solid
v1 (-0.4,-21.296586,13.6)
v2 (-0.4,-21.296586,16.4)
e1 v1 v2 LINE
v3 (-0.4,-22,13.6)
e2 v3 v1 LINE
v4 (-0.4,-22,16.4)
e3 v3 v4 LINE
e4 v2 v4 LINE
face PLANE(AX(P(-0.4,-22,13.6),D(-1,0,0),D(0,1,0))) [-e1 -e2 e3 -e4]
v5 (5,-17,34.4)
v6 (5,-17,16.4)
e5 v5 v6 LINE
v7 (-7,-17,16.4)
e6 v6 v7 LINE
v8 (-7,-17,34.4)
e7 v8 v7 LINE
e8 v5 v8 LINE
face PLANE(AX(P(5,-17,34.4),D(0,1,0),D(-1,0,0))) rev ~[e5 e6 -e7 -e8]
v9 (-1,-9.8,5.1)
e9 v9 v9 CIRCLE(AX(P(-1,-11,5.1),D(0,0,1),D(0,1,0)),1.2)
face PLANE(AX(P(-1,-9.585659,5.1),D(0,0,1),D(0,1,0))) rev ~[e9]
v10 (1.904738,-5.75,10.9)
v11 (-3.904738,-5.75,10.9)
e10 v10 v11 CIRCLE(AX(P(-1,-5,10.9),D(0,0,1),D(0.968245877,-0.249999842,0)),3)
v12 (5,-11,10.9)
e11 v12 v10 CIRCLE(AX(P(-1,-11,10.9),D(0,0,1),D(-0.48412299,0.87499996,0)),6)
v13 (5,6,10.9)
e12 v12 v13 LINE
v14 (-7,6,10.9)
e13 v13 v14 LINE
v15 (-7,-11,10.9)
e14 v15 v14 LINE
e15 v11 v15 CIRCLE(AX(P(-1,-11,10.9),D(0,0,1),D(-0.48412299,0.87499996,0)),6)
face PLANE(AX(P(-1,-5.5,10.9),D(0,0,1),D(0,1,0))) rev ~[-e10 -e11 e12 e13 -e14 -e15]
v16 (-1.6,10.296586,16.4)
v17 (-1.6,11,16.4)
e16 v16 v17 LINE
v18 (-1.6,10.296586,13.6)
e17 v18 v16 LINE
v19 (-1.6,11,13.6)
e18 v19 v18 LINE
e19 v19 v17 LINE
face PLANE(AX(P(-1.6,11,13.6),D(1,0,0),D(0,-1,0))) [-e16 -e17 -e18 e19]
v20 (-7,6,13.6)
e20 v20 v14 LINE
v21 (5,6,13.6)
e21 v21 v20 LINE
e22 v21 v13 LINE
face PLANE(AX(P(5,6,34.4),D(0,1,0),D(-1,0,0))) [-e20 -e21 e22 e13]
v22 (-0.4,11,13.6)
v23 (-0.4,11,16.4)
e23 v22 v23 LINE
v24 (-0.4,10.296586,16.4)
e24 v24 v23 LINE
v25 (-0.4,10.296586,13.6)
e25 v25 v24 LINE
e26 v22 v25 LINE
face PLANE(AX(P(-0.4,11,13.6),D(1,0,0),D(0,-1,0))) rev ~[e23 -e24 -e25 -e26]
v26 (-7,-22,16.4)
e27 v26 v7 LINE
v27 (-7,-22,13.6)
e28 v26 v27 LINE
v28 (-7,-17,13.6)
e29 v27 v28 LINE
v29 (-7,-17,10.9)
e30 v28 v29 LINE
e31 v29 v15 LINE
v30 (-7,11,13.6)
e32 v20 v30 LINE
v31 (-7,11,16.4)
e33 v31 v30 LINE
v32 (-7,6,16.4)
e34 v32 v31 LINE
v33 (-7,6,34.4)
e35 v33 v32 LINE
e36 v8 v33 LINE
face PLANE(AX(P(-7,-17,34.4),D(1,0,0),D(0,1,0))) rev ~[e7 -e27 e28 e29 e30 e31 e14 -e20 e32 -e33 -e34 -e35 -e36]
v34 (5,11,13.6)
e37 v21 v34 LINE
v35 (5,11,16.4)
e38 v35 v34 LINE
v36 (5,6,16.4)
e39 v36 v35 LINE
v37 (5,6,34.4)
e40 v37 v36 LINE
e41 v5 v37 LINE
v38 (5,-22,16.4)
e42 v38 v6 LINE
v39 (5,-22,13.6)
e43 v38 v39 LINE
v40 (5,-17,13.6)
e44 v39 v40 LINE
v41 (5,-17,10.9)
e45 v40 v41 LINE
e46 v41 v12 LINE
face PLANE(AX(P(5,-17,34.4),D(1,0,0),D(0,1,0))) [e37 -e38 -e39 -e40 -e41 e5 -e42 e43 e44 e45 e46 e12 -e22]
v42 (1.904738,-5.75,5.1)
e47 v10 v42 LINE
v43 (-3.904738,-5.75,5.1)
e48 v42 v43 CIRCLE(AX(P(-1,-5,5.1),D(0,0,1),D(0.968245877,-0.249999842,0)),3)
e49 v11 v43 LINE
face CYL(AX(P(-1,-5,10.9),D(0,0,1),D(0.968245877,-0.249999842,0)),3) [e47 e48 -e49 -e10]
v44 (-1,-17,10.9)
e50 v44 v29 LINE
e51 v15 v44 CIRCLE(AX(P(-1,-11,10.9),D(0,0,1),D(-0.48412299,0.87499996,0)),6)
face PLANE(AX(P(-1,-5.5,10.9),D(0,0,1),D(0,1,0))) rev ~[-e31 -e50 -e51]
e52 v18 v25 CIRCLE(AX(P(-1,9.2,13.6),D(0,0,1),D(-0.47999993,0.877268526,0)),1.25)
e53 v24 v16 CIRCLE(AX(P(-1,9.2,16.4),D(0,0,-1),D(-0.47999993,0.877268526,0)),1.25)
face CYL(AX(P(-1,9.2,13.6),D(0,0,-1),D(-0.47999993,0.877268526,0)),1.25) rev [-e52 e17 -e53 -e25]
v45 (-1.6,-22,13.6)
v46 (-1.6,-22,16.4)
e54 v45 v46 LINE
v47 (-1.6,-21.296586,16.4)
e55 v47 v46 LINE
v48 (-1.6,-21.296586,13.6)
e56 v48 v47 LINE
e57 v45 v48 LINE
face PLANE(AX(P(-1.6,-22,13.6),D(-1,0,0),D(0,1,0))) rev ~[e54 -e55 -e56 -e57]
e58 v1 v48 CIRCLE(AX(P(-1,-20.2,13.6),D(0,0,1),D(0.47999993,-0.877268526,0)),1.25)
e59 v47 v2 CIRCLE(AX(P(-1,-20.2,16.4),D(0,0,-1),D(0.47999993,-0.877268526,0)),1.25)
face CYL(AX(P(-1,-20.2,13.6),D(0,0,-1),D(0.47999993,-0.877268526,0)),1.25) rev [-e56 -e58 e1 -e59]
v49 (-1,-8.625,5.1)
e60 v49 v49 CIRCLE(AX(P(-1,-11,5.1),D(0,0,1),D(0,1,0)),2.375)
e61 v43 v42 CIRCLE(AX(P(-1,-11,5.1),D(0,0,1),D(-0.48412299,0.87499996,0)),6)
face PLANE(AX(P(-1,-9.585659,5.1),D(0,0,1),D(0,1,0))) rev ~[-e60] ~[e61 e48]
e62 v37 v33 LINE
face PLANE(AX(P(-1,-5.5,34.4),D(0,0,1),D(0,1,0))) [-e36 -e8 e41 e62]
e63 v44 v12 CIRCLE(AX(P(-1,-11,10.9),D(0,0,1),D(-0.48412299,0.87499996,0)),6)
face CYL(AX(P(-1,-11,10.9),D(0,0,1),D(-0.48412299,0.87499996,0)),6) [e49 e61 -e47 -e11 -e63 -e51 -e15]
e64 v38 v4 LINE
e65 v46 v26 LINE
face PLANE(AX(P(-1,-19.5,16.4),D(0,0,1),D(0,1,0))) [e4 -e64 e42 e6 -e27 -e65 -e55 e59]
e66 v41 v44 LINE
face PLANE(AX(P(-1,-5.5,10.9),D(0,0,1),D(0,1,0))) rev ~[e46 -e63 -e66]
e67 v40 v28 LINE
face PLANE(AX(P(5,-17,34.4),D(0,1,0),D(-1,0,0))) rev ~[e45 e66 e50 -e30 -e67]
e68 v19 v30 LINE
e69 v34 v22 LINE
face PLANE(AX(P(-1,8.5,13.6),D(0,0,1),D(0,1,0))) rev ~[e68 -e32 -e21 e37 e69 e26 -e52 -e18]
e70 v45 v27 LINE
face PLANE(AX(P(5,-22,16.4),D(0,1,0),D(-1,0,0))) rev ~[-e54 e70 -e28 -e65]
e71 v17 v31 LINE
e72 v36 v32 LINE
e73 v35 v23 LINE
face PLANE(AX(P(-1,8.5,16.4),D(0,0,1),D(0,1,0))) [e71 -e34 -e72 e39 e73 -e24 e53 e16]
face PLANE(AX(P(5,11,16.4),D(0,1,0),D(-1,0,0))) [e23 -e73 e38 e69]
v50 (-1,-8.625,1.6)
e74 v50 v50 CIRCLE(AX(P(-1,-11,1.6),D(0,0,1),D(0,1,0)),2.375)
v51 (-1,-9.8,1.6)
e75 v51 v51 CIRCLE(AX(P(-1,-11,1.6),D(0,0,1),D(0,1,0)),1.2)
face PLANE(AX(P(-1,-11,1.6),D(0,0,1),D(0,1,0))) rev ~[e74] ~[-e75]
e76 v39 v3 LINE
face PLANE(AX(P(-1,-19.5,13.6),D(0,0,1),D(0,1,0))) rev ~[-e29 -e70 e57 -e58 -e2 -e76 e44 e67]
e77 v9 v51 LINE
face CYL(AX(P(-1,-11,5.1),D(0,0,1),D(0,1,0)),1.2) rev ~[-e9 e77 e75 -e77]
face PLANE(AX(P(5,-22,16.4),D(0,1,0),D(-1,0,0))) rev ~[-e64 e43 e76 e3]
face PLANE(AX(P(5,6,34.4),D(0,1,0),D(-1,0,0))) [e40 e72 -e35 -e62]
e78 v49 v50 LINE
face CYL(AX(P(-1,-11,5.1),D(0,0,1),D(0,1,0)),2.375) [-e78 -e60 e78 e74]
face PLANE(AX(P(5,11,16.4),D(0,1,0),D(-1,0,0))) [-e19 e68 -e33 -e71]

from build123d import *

# Parameters (mm, degrees)
SKETCH063_W             = 23
SKETCH063_H             = 12
PAD032_DEPTH            = 23.5
SKETCH064_W             = 5
SKETCH064_H             = 12
PAD033_DEPTH            = 2.8
POCKET026_DEPTH         = 5
PAD034_DEPTH            = 5.8
SKETCH067_R             = 2.375
SKETCH067_R_2           = 1.2
PAD035_DEPTH            = 3.5
BODY010_ROLL_ANGLE      = -90
BODY010_PLACEMENT_ANGLE = 90


with BuildPart() as part:
    # Sketch063 → Pad032 (new body)
    with BuildSketch(Plane.XZ):
        with Locations((11.5, 6)):
            Rectangle(SKETCH063_W, SKETCH063_H)
    extrude(amount=-PAD032_DEPTH)

    # Sketch064 → Pad033 (join)
    with BuildSketch(Plane.XZ.offset(-18)):
        with Locations((-2.5, 6)):
            Rectangle(SKETCH064_W, SKETCH064_H)
        with Locations((25.5, 6)):
            Rectangle(SKETCH064_W, SKETCH064_H)
    extrude(amount=-PAD033_DEPTH)

    # Sketch065 → Pocket026 (cut)
    with BuildSketch(Plane(origin=(-3.2, 20.8, 6), x_dir=(1, 0, 0), z_dir=(0, -1, 0))):
        with BuildLine():
            ThreePointArc((-1.096586, -0.6), (1.25, 0), (-1.096586, 0.6))
            Line((-1.8, 0.6), (-1.096586, 0.6))
            Line((-1.8, 0), (-1.8, 0.6))
            Line((-1.8, 0), (-1.8, -0.6))
            Line((-1.8, -0.6), (-1.096586, -0.6))
        make_face()
        with BuildLine():
            ThreePointArc((30.496586, 0.6), (28.15, 0), (30.496586, -0.6))
            Line((31.2, -0.6), (30.496586, -0.6))
            Line((31.2, 0), (31.2, -0.6))
            Line((31.2, 0), (31.2, 0.6))
            Line((31.2, 0.6), (30.496586, 0.6))
        make_face()
    extrude(amount=POCKET026_DEPTH, mode=Mode.SUBTRACT)

    # Sketch066 → Pad034 (join)
    with BuildSketch(Plane(origin=(6, 23.5, 6), x_dir=(1, 0, 0), z_dir=(0, -1, 0))):
        with BuildLine():
            ThreePointArc((5.25, 2.904738), (-6, 0), (5.25, -2.904738))
            ThreePointArc((5.25, -2.904738), (9, 0), (5.25, 2.904738))
        make_face()
    extrude(amount=-PAD034_DEPTH)

    # Sketch067 → Pad035 (join)
    with BuildSketch(Plane(origin=(6, 29.3, 6), x_dir=(1, 0, 0), z_dir=(0, -1, 0))):
        Circle(SKETCH067_R)
        Circle(SKETCH067_R_2, mode=Mode.SUBTRACT)
    extrude(amount=-PAD035_DEPTH)


with BuildPart() as part_1:
    # Body010 roll: moved
    add(part.part.rotate(Axis((0, 0, 0), (1, 0, 0)), BODY010_ROLL_ANGLE))


with BuildPart() as part_2:
    # Body010 placement: moved
    add(part_1.part.moved(Location((5, -17, 34.4))).rotate(Axis((5, -17, 34.4), (0, 0, 1)), BODY010_PLACEMENT_ANGLE))


solid = part_2.part
